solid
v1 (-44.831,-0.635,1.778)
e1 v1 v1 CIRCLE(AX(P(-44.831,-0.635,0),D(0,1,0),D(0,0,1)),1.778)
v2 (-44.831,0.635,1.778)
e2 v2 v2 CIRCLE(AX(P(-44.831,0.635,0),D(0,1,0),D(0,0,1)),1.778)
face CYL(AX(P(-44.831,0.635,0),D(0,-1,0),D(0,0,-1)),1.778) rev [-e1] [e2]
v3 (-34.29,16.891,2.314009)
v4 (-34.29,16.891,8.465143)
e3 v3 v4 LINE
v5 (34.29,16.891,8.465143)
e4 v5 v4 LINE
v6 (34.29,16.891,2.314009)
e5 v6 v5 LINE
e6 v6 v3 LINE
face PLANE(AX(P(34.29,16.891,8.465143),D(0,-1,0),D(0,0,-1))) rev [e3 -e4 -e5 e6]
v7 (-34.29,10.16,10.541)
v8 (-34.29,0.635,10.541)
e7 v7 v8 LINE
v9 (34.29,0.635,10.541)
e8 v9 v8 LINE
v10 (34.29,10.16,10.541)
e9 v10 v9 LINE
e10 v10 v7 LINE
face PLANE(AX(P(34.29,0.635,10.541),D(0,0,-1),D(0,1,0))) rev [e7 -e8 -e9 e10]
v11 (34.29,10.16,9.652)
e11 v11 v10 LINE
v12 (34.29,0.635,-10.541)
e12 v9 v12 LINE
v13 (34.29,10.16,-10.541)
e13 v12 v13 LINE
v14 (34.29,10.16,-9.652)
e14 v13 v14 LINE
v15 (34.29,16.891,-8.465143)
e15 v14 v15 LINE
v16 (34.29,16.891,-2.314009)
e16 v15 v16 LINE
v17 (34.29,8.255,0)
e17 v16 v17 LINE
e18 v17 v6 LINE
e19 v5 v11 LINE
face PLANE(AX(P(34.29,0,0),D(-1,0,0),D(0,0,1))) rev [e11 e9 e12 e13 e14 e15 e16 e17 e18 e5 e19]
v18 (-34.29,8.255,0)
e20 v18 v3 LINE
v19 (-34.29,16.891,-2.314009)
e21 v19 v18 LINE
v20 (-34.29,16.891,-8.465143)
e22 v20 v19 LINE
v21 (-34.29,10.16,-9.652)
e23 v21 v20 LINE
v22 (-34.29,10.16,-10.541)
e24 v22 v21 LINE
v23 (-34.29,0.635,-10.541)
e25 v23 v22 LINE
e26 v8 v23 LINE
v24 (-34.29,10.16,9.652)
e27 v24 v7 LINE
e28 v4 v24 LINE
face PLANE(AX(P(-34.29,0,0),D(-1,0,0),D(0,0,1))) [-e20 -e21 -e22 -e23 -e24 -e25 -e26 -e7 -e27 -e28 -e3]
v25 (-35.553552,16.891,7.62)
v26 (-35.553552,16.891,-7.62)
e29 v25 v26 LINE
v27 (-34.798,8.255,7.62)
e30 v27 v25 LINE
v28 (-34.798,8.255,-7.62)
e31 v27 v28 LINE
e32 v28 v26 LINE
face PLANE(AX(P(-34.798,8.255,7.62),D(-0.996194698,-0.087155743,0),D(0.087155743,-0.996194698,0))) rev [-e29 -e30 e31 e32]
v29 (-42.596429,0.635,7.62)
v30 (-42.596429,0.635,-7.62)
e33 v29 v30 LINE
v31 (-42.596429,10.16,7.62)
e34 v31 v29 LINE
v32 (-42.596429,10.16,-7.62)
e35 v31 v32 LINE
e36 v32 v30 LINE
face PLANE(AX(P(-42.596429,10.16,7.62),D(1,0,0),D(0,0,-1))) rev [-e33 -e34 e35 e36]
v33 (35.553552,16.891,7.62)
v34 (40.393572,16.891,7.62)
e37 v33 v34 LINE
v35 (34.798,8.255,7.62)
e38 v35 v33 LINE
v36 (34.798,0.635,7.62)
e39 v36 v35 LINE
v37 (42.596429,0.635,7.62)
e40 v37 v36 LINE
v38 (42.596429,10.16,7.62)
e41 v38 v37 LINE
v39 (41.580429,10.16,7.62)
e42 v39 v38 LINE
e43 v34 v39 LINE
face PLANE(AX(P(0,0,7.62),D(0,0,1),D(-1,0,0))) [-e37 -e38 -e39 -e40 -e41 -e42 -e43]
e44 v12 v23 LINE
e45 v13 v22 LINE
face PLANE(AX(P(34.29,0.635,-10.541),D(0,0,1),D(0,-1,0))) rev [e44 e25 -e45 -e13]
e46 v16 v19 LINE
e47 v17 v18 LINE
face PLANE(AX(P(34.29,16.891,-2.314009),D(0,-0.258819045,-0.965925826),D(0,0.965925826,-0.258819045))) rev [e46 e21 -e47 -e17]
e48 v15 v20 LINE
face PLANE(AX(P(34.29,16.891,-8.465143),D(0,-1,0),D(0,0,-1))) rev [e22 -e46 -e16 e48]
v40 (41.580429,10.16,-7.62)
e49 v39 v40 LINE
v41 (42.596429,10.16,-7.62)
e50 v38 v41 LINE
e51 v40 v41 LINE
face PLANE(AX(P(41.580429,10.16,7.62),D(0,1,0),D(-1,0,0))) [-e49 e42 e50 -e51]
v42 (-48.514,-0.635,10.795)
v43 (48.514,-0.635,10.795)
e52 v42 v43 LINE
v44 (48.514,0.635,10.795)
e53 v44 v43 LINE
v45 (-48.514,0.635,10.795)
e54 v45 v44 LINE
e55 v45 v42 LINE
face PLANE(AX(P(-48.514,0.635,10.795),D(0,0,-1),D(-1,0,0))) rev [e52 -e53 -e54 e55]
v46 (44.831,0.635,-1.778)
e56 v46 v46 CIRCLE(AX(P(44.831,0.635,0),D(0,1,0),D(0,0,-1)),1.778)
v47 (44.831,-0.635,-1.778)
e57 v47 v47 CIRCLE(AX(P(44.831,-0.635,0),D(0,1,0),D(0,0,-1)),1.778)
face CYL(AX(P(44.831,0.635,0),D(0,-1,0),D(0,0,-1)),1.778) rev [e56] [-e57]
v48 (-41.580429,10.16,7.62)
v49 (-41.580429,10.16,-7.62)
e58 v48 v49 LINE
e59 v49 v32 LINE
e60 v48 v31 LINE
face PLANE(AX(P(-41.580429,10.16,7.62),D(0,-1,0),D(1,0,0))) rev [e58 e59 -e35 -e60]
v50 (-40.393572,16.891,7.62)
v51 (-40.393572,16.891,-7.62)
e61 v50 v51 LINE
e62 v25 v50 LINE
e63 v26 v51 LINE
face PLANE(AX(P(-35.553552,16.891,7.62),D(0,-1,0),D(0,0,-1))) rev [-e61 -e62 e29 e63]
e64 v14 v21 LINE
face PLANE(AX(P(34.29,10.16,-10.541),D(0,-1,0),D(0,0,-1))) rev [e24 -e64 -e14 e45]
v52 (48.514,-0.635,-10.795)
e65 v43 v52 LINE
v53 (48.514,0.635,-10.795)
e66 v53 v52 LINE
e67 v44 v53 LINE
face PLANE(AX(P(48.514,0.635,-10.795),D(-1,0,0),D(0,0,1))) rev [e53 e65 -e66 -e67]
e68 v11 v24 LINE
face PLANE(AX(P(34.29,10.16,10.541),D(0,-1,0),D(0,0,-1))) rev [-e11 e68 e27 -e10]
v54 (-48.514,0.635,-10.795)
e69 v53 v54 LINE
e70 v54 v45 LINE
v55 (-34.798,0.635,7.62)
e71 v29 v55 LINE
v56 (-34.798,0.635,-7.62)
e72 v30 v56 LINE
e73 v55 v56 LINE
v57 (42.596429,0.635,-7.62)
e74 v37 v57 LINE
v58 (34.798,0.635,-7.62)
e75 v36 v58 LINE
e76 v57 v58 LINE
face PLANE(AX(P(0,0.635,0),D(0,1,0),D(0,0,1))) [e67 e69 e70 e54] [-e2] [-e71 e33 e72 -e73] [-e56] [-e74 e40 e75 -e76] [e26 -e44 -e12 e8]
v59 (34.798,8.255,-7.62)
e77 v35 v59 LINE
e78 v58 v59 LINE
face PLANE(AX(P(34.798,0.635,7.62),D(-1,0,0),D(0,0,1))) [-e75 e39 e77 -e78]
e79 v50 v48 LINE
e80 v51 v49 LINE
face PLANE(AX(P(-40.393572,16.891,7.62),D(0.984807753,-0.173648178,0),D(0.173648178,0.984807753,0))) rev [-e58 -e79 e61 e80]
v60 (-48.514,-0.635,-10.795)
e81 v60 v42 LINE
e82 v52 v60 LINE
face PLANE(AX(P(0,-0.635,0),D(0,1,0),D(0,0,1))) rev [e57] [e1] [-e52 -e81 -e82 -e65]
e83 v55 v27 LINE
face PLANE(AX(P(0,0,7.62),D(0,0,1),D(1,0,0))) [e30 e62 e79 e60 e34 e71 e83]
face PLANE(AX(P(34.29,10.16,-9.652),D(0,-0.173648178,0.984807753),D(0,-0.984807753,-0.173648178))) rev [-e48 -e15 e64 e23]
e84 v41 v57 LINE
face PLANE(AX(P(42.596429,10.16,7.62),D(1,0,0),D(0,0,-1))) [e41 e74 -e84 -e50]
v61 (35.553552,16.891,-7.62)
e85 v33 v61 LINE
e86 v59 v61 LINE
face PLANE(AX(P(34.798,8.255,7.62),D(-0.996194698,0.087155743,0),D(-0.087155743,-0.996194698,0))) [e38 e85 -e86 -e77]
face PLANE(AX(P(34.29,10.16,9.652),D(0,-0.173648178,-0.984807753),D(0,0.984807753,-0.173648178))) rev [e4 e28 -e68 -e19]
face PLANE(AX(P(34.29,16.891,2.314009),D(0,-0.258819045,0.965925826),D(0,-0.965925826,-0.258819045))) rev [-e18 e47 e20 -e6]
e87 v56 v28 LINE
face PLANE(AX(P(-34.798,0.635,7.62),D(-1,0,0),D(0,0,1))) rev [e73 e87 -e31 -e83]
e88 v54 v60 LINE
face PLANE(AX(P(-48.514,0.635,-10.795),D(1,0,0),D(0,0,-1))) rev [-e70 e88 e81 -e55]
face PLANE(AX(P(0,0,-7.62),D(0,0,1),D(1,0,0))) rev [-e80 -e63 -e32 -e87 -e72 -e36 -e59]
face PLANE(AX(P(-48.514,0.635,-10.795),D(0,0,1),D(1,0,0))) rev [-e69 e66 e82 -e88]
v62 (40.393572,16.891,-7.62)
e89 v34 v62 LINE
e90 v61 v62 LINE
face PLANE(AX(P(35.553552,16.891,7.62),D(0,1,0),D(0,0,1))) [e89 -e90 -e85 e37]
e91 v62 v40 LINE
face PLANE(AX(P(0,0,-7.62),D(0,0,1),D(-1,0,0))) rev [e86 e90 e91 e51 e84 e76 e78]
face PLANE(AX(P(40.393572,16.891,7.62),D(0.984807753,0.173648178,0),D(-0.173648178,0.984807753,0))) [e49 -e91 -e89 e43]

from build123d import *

# Parameters (mm, degrees)
SKETCH1_W           = 97.028
SKETCH1_H           = 21.59
SKETCH1_R           = 1.778
BOSS_EXTRUDE1_DEPTH = 0.635
BOSS_EXTRUDE2_DEPTH = 34.29
BOSS_EXTRUDE3_DEPTH = 7.62


with BuildPart() as part:
    # Sketch1 → Boss-Extrude1 (new, symmetric)
    with BuildSketch(Plane(origin=(0, 0, 0), x_dir=(1, 0, 0), z_dir=(0, 1, 0))):
        Rectangle(SKETCH1_W, SKETCH1_H)
        with Locations(Location((-44.831, 0, 0), (0, 0, 270))):
            Circle(SKETCH1_R, mode=Mode.SUBTRACT)
        with Locations(Location((44.831, 0, 0), (0, 0, 90))):
            Circle(SKETCH1_R, mode=Mode.SUBTRACT)
    extrude(amount=BOSS_EXTRUDE1_DEPTH, both=True)

    # Sketch2 → Boss-Extrude2 (add, symmetric)
    with BuildSketch(Plane(origin=(0, 0, 0), x_dir=(0, 0, -1), z_dir=(1, 0, 0))):
        Polygon((-10.541, 0.635), (-10.541, 10.16), (-9.652, 10.16), (-8.465143093, 16.891), (-2.314009226, 16.891), (0, 8.255), (2.314009226, 16.891), (8.465143093, 16.891), (9.652, 10.16), (10.541, 10.16), (10.541, 0.635), align=None)
    extrude(amount=BOSS_EXTRUDE2_DEPTH, both=True)

    # Sketch3 → Boss-Extrude3 (add, symmetric)
    with BuildSketch(Plane.XY):
        Polygon((-34.798, 0.635), (-34.798, 8.255), (-35.553552098, 16.891), (-40.393571647, 16.891), (-41.580428554, 10.16), (-42.596428554, 10.16), (-42.596428554, 0.635), align=None)
    boss_extrude3 = extrude(amount=BOSS_EXTRUDE3_DEPTH, both=True)

    # Mirror1: Boss-Extrude3 across plane
    add(boss_extrude3.mirror(Plane(origin=(0, 0, 0), x_dir=(0, 0, 1), z_dir=(1, 0, 0))))


solid = part.part
